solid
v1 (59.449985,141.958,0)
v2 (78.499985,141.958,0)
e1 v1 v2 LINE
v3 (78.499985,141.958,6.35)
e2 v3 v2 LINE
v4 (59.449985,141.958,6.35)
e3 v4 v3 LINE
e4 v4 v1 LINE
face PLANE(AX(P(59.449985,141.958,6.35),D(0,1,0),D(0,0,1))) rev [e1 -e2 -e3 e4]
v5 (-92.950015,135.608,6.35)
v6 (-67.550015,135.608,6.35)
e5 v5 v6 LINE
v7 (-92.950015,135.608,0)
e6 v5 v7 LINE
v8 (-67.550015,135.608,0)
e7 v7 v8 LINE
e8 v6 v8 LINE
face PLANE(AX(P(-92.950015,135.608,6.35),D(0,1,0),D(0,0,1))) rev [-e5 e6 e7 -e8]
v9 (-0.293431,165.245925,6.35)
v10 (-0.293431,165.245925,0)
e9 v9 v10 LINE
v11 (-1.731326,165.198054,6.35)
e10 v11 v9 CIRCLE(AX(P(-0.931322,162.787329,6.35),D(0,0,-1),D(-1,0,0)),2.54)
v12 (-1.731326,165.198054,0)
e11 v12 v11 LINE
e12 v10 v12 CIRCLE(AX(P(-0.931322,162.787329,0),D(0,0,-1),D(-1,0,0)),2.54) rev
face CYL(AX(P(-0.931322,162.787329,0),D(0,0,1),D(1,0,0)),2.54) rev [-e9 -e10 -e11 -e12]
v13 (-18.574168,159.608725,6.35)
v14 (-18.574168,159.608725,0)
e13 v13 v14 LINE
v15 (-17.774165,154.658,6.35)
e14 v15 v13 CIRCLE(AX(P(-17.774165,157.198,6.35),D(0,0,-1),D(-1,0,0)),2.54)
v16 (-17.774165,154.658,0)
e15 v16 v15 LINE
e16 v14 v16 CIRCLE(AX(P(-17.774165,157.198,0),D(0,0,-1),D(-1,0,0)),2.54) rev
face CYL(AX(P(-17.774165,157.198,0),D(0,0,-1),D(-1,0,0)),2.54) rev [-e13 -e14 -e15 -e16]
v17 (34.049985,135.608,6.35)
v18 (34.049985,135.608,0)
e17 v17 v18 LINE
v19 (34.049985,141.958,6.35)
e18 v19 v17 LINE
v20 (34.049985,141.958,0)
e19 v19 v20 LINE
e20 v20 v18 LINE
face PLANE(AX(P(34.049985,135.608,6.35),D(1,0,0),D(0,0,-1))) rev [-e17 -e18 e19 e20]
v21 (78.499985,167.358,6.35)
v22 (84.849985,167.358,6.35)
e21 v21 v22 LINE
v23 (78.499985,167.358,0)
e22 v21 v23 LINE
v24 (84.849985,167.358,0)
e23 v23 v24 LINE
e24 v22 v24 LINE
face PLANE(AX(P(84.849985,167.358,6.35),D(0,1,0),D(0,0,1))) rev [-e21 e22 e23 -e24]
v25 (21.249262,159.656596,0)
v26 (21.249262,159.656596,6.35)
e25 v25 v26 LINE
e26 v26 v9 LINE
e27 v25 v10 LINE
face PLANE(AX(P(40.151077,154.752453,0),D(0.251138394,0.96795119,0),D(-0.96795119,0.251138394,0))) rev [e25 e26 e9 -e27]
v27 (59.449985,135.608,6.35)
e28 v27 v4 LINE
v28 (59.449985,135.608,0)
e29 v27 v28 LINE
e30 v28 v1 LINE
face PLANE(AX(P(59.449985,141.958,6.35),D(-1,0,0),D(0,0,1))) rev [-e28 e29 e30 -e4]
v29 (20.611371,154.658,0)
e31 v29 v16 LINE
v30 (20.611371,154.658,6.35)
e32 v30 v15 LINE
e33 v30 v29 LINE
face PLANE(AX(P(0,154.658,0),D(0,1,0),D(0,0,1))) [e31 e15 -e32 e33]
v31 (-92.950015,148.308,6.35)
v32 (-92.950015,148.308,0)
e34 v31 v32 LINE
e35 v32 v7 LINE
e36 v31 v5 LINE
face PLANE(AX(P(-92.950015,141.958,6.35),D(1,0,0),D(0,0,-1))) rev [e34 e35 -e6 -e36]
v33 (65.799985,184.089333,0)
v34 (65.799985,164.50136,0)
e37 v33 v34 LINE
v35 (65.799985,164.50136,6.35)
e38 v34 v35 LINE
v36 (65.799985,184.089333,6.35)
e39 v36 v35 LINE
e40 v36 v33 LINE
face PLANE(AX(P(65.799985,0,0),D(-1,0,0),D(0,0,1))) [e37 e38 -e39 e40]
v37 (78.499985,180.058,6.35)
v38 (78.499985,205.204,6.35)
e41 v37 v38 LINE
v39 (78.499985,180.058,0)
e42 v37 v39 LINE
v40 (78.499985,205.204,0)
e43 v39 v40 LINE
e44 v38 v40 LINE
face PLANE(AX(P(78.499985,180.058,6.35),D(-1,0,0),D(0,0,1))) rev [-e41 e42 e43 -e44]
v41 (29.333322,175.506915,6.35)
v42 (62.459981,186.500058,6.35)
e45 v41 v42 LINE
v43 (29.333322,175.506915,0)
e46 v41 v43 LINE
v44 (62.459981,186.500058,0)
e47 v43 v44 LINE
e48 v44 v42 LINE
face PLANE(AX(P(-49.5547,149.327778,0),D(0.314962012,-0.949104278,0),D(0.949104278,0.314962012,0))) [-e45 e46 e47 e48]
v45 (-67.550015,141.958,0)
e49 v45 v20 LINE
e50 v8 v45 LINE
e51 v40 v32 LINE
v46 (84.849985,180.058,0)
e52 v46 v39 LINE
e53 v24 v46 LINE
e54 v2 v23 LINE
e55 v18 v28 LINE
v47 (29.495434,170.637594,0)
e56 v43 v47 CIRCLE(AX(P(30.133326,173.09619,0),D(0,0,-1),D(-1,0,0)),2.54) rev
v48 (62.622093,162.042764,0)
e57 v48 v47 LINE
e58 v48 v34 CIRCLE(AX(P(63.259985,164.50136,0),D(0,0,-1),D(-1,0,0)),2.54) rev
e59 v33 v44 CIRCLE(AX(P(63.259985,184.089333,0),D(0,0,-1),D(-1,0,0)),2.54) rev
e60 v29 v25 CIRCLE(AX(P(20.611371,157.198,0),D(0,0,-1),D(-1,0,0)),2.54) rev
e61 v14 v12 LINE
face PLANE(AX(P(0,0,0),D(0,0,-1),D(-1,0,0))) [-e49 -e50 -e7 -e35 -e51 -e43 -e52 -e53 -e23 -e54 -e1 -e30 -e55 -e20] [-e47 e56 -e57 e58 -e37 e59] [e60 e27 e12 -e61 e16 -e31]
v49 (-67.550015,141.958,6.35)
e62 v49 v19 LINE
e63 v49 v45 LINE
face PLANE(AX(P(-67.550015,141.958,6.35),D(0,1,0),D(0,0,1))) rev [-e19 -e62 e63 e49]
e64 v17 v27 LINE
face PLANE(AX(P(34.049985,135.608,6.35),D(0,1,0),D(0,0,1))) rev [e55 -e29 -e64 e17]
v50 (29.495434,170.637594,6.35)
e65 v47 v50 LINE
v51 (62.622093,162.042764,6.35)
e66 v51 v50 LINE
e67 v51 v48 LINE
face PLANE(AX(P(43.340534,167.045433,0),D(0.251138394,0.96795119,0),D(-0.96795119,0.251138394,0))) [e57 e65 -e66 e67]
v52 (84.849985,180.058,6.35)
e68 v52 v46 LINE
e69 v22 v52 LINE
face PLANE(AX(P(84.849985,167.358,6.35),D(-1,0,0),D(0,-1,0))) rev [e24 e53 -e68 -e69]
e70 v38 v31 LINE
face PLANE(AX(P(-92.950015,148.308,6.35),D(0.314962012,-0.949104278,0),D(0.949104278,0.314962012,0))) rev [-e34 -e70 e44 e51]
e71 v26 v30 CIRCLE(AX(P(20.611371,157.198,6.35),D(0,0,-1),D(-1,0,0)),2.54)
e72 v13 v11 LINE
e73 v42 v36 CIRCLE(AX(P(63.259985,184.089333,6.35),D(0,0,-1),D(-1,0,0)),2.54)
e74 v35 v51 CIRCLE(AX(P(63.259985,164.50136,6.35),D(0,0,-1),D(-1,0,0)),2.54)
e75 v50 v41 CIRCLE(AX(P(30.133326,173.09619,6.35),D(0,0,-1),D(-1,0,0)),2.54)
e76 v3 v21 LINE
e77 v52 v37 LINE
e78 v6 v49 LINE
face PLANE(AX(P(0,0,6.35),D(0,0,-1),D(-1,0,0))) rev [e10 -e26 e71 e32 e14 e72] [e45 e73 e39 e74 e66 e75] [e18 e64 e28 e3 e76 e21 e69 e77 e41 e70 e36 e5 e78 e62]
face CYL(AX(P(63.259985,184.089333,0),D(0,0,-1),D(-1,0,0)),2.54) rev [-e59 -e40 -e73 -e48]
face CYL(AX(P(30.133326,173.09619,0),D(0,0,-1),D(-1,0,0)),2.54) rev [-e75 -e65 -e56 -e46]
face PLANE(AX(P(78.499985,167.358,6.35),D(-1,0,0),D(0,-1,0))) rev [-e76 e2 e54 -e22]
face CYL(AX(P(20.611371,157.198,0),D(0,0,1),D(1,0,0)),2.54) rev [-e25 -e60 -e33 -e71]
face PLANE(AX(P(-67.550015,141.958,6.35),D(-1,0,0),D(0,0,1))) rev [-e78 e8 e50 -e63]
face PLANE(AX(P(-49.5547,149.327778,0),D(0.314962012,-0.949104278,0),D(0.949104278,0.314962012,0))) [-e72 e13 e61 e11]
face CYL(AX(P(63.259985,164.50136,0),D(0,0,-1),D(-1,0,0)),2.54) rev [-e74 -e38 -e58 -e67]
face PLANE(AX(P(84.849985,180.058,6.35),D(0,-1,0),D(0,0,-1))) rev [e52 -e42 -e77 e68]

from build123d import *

# Parameters (mm, degrees)
BOSS_EXTRUDE1_DEPTH = 6.35
CUT_EXTRUDE1_DEPTH  = 226.36350526
FILLET1_R           = 2.54


with BuildPart() as part:
    # Sketch2 → Boss-Extrude1 (new body)
    with BuildSketch(Plane.XY):
        Polygon((-92.950015109, 148.30800019), (78.499984891, 205.20400019), (78.499984891, 180.05800019), (84.849984891, 180.05800019), (84.849984891, 167.35800019), (78.499984891, 167.35800019), (78.499984891, 141.95800019), (59.449984891, 141.95800019), (59.449984891, 135.60800019), (34.049984891, 135.60800019), (34.049984891, 141.95800019), (-67.550015109, 141.95800019), (-67.550015109, 135.60800019), (-92.950015109, 135.60800019), (-92.950015109, 141.95800019), align=None)
    extrude(amount=BOSS_EXTRUDE1_DEPTH)

    # Sketch3 → Cut-Extrude1 (cut, through all)
    with BuildSketch(Plane.XY.offset(6.35)):
        Polygon((-1.019446214, 165.434292154), (-33.492647443, 154.65800019), (40.515121465, 154.65800019), align=None)
        Polygon((65.799984891, 187.608444106), (21.169587996, 172.797764247), (65.799984891, 161.218248334), align=None)
    extrude(amount=-CUT_EXTRUDE1_DEPTH, mode=Mode.SUBTRACT)

    # Fillet1
    fillet1_edges = [part.edges().sort_by_distance(p)[0] for p in [
        (65.799984891, 161.218248334, 3.175),
        (21.169587996, 172.797764247, 3.175),
        (65.799984891, 187.608444106, 3.175),
        (40.515121465, 154.65800019, 3.175),
        (-33.492647443, 154.65800019, 3.175),
        (-1.019446214, 165.434292154, 3.175),
    ]]
    fillet(fillet1_edges, radius=FILLET1_R)


solid = part.part
